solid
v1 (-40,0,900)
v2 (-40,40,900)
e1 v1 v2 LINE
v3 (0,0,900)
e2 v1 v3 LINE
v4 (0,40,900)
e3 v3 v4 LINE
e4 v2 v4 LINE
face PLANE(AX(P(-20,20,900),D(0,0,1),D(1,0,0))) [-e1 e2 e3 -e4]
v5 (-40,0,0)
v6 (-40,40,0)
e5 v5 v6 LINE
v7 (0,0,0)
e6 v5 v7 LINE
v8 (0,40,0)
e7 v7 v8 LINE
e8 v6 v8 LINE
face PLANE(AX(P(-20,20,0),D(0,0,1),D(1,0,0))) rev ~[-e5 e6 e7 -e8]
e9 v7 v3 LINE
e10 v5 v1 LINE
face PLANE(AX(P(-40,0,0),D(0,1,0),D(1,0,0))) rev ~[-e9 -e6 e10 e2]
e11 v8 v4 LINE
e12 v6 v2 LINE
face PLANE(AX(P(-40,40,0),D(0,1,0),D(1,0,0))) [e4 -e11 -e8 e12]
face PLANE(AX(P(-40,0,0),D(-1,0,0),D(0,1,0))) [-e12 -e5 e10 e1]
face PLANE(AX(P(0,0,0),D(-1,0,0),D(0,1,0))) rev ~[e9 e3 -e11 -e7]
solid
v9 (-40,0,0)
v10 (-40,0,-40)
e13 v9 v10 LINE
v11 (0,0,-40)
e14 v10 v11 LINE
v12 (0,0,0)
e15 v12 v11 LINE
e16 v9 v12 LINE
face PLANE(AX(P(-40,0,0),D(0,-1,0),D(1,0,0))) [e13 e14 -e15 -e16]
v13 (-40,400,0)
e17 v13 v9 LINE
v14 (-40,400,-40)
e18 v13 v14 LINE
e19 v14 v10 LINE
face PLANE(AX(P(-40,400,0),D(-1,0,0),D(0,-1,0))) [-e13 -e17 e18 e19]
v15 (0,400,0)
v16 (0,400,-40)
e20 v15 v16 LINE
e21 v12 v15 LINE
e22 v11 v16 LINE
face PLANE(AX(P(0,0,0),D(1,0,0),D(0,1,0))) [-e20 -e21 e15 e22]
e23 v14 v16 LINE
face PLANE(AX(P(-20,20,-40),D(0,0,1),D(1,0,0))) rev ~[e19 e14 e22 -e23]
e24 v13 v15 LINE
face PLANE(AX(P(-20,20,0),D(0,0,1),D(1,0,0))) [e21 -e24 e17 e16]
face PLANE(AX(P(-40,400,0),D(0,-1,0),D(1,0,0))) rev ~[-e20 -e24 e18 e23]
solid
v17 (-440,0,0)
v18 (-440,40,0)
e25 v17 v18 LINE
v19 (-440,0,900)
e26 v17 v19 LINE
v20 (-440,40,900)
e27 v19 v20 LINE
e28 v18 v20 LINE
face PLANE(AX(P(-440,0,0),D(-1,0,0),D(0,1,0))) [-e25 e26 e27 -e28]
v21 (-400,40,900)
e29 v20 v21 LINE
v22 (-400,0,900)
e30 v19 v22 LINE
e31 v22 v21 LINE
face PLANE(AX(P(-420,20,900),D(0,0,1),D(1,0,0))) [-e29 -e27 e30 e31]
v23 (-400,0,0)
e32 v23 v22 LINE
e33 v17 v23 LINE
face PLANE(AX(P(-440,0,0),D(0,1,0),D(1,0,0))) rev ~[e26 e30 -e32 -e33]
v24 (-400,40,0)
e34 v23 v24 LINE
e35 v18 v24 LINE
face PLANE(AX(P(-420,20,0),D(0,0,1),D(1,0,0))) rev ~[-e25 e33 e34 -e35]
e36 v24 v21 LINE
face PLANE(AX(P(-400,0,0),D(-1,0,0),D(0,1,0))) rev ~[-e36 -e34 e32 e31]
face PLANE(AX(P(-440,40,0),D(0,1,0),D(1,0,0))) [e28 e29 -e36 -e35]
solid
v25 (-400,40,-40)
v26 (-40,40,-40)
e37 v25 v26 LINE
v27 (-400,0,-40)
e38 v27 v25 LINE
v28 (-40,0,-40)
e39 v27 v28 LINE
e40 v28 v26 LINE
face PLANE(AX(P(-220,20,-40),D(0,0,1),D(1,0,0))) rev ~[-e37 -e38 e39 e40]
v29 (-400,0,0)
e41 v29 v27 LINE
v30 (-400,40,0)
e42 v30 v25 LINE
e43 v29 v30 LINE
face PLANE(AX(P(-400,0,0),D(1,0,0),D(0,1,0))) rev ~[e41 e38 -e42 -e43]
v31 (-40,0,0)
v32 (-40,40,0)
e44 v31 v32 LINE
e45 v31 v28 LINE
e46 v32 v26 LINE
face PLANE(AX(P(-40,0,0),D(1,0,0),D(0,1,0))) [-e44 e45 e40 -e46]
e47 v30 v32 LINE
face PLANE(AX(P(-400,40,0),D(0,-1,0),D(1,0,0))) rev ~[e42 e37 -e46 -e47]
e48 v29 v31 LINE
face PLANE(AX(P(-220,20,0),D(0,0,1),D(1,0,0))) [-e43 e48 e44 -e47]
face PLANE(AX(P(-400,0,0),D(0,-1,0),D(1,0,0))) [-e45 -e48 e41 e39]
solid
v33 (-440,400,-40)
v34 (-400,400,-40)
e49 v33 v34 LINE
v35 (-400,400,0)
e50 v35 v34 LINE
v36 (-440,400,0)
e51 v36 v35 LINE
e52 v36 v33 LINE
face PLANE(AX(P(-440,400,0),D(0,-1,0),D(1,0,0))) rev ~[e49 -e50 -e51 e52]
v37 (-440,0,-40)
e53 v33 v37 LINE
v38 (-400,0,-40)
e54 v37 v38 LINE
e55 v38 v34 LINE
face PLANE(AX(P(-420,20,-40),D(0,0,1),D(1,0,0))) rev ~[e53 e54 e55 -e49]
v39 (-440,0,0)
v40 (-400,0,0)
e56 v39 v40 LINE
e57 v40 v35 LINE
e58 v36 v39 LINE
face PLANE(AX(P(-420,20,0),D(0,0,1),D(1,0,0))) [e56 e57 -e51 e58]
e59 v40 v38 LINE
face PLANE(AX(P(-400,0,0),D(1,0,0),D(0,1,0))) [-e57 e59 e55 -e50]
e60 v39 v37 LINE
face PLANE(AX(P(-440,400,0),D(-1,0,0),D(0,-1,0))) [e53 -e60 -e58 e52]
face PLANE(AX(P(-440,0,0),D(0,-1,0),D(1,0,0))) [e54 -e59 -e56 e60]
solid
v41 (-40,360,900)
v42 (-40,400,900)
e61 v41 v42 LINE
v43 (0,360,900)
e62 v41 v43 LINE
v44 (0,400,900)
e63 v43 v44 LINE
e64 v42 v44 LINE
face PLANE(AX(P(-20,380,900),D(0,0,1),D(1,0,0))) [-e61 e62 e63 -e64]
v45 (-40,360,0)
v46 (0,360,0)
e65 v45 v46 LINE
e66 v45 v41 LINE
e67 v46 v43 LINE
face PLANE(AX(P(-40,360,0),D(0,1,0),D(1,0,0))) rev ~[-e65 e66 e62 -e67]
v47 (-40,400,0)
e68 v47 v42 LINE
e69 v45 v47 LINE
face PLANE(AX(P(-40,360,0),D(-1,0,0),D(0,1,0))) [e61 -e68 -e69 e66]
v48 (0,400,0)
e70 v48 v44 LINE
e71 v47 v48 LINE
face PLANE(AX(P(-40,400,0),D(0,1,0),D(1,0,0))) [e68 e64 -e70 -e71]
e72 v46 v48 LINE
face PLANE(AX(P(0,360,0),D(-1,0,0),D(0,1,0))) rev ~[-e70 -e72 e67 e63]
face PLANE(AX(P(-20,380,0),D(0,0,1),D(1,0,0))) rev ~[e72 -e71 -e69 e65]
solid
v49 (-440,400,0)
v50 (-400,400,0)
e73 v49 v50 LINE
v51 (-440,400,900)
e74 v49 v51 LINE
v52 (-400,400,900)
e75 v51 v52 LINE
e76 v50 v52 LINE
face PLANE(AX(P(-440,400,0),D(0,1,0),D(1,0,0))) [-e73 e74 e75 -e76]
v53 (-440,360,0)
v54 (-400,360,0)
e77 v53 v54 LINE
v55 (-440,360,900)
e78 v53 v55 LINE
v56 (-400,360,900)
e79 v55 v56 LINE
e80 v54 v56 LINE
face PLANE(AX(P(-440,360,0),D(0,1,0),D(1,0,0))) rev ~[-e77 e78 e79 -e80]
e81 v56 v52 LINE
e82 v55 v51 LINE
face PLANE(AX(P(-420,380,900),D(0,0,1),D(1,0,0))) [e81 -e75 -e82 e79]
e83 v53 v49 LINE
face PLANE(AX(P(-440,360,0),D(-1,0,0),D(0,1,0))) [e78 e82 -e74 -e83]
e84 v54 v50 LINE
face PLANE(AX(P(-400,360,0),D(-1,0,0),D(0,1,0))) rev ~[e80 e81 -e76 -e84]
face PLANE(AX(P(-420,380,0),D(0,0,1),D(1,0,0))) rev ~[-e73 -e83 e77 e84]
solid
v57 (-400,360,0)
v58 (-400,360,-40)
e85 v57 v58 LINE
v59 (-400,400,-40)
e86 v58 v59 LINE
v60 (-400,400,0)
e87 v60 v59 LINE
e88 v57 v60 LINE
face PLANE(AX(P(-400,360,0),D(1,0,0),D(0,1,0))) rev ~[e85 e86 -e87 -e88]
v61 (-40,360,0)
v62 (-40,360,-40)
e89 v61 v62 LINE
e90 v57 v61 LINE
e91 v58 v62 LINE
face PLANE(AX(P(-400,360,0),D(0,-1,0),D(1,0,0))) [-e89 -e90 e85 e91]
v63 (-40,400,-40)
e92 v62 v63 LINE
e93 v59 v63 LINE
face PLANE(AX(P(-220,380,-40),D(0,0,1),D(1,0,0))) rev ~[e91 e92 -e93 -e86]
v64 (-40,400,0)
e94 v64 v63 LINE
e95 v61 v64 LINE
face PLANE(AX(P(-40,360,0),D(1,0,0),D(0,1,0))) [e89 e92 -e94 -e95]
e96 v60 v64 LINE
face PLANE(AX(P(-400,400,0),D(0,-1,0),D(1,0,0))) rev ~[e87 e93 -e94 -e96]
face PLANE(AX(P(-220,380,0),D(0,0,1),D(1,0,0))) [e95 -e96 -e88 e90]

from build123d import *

# Parameters (mm, degrees)
F0_W     = 40
F0_H     = 40
F1_DEPTH = 900
F0_H_2   = 320
F2_DEPTH = 40
F0_W_2   = 360
F3_DEPTH = 40


with BuildPart() as f1:
    # F0 (on Top) → F1 (new body)
    with BuildSketch(Plane.XY):
        with Locations((-20, 20)):
            Rectangle(F0_W, F0_H)
        with Locations((-20, 380)):
            Rectangle(F0_W, F0_H)
        with Locations((-420, 20)):
            Rectangle(F0_W, F0_H)
        with Locations((-420, 380)):
            Rectangle(F0_W, F0_H)
    extrude(amount=F1_DEPTH)


with BuildPart() as f2:
    # F0 (on Top) → F2 (new body)
    with BuildSketch(Plane.XY):
        with Locations((-420, 20)):
            Rectangle(F0_W, F0_H)
        with Locations((-420, 200)):
            Rectangle(F0_W, F0_H_2)
        with Locations((-420, 380)):
            Rectangle(F0_W, F0_H)
        with Locations((-20, 20)):
            Rectangle(F0_W, F0_H)
        with Locations((-20, 200)):
            Rectangle(F0_W, F0_H_2)
        with Locations((-20, 380)):
            Rectangle(F0_W, F0_H)
    extrude(amount=-F2_DEPTH)


with BuildPart() as f3:
    # F0 (on Top) → F3 (new body)
    with BuildSketch(Plane.XY):
        with Locations((-220, 20)):
            Rectangle(F0_W_2, F0_H)
        with Locations((-220, 380)):
            Rectangle(F0_W_2, F0_H)
    extrude(amount=-F3_DEPTH)


solid = Compound([f1.part, f2.part, f3.part])
